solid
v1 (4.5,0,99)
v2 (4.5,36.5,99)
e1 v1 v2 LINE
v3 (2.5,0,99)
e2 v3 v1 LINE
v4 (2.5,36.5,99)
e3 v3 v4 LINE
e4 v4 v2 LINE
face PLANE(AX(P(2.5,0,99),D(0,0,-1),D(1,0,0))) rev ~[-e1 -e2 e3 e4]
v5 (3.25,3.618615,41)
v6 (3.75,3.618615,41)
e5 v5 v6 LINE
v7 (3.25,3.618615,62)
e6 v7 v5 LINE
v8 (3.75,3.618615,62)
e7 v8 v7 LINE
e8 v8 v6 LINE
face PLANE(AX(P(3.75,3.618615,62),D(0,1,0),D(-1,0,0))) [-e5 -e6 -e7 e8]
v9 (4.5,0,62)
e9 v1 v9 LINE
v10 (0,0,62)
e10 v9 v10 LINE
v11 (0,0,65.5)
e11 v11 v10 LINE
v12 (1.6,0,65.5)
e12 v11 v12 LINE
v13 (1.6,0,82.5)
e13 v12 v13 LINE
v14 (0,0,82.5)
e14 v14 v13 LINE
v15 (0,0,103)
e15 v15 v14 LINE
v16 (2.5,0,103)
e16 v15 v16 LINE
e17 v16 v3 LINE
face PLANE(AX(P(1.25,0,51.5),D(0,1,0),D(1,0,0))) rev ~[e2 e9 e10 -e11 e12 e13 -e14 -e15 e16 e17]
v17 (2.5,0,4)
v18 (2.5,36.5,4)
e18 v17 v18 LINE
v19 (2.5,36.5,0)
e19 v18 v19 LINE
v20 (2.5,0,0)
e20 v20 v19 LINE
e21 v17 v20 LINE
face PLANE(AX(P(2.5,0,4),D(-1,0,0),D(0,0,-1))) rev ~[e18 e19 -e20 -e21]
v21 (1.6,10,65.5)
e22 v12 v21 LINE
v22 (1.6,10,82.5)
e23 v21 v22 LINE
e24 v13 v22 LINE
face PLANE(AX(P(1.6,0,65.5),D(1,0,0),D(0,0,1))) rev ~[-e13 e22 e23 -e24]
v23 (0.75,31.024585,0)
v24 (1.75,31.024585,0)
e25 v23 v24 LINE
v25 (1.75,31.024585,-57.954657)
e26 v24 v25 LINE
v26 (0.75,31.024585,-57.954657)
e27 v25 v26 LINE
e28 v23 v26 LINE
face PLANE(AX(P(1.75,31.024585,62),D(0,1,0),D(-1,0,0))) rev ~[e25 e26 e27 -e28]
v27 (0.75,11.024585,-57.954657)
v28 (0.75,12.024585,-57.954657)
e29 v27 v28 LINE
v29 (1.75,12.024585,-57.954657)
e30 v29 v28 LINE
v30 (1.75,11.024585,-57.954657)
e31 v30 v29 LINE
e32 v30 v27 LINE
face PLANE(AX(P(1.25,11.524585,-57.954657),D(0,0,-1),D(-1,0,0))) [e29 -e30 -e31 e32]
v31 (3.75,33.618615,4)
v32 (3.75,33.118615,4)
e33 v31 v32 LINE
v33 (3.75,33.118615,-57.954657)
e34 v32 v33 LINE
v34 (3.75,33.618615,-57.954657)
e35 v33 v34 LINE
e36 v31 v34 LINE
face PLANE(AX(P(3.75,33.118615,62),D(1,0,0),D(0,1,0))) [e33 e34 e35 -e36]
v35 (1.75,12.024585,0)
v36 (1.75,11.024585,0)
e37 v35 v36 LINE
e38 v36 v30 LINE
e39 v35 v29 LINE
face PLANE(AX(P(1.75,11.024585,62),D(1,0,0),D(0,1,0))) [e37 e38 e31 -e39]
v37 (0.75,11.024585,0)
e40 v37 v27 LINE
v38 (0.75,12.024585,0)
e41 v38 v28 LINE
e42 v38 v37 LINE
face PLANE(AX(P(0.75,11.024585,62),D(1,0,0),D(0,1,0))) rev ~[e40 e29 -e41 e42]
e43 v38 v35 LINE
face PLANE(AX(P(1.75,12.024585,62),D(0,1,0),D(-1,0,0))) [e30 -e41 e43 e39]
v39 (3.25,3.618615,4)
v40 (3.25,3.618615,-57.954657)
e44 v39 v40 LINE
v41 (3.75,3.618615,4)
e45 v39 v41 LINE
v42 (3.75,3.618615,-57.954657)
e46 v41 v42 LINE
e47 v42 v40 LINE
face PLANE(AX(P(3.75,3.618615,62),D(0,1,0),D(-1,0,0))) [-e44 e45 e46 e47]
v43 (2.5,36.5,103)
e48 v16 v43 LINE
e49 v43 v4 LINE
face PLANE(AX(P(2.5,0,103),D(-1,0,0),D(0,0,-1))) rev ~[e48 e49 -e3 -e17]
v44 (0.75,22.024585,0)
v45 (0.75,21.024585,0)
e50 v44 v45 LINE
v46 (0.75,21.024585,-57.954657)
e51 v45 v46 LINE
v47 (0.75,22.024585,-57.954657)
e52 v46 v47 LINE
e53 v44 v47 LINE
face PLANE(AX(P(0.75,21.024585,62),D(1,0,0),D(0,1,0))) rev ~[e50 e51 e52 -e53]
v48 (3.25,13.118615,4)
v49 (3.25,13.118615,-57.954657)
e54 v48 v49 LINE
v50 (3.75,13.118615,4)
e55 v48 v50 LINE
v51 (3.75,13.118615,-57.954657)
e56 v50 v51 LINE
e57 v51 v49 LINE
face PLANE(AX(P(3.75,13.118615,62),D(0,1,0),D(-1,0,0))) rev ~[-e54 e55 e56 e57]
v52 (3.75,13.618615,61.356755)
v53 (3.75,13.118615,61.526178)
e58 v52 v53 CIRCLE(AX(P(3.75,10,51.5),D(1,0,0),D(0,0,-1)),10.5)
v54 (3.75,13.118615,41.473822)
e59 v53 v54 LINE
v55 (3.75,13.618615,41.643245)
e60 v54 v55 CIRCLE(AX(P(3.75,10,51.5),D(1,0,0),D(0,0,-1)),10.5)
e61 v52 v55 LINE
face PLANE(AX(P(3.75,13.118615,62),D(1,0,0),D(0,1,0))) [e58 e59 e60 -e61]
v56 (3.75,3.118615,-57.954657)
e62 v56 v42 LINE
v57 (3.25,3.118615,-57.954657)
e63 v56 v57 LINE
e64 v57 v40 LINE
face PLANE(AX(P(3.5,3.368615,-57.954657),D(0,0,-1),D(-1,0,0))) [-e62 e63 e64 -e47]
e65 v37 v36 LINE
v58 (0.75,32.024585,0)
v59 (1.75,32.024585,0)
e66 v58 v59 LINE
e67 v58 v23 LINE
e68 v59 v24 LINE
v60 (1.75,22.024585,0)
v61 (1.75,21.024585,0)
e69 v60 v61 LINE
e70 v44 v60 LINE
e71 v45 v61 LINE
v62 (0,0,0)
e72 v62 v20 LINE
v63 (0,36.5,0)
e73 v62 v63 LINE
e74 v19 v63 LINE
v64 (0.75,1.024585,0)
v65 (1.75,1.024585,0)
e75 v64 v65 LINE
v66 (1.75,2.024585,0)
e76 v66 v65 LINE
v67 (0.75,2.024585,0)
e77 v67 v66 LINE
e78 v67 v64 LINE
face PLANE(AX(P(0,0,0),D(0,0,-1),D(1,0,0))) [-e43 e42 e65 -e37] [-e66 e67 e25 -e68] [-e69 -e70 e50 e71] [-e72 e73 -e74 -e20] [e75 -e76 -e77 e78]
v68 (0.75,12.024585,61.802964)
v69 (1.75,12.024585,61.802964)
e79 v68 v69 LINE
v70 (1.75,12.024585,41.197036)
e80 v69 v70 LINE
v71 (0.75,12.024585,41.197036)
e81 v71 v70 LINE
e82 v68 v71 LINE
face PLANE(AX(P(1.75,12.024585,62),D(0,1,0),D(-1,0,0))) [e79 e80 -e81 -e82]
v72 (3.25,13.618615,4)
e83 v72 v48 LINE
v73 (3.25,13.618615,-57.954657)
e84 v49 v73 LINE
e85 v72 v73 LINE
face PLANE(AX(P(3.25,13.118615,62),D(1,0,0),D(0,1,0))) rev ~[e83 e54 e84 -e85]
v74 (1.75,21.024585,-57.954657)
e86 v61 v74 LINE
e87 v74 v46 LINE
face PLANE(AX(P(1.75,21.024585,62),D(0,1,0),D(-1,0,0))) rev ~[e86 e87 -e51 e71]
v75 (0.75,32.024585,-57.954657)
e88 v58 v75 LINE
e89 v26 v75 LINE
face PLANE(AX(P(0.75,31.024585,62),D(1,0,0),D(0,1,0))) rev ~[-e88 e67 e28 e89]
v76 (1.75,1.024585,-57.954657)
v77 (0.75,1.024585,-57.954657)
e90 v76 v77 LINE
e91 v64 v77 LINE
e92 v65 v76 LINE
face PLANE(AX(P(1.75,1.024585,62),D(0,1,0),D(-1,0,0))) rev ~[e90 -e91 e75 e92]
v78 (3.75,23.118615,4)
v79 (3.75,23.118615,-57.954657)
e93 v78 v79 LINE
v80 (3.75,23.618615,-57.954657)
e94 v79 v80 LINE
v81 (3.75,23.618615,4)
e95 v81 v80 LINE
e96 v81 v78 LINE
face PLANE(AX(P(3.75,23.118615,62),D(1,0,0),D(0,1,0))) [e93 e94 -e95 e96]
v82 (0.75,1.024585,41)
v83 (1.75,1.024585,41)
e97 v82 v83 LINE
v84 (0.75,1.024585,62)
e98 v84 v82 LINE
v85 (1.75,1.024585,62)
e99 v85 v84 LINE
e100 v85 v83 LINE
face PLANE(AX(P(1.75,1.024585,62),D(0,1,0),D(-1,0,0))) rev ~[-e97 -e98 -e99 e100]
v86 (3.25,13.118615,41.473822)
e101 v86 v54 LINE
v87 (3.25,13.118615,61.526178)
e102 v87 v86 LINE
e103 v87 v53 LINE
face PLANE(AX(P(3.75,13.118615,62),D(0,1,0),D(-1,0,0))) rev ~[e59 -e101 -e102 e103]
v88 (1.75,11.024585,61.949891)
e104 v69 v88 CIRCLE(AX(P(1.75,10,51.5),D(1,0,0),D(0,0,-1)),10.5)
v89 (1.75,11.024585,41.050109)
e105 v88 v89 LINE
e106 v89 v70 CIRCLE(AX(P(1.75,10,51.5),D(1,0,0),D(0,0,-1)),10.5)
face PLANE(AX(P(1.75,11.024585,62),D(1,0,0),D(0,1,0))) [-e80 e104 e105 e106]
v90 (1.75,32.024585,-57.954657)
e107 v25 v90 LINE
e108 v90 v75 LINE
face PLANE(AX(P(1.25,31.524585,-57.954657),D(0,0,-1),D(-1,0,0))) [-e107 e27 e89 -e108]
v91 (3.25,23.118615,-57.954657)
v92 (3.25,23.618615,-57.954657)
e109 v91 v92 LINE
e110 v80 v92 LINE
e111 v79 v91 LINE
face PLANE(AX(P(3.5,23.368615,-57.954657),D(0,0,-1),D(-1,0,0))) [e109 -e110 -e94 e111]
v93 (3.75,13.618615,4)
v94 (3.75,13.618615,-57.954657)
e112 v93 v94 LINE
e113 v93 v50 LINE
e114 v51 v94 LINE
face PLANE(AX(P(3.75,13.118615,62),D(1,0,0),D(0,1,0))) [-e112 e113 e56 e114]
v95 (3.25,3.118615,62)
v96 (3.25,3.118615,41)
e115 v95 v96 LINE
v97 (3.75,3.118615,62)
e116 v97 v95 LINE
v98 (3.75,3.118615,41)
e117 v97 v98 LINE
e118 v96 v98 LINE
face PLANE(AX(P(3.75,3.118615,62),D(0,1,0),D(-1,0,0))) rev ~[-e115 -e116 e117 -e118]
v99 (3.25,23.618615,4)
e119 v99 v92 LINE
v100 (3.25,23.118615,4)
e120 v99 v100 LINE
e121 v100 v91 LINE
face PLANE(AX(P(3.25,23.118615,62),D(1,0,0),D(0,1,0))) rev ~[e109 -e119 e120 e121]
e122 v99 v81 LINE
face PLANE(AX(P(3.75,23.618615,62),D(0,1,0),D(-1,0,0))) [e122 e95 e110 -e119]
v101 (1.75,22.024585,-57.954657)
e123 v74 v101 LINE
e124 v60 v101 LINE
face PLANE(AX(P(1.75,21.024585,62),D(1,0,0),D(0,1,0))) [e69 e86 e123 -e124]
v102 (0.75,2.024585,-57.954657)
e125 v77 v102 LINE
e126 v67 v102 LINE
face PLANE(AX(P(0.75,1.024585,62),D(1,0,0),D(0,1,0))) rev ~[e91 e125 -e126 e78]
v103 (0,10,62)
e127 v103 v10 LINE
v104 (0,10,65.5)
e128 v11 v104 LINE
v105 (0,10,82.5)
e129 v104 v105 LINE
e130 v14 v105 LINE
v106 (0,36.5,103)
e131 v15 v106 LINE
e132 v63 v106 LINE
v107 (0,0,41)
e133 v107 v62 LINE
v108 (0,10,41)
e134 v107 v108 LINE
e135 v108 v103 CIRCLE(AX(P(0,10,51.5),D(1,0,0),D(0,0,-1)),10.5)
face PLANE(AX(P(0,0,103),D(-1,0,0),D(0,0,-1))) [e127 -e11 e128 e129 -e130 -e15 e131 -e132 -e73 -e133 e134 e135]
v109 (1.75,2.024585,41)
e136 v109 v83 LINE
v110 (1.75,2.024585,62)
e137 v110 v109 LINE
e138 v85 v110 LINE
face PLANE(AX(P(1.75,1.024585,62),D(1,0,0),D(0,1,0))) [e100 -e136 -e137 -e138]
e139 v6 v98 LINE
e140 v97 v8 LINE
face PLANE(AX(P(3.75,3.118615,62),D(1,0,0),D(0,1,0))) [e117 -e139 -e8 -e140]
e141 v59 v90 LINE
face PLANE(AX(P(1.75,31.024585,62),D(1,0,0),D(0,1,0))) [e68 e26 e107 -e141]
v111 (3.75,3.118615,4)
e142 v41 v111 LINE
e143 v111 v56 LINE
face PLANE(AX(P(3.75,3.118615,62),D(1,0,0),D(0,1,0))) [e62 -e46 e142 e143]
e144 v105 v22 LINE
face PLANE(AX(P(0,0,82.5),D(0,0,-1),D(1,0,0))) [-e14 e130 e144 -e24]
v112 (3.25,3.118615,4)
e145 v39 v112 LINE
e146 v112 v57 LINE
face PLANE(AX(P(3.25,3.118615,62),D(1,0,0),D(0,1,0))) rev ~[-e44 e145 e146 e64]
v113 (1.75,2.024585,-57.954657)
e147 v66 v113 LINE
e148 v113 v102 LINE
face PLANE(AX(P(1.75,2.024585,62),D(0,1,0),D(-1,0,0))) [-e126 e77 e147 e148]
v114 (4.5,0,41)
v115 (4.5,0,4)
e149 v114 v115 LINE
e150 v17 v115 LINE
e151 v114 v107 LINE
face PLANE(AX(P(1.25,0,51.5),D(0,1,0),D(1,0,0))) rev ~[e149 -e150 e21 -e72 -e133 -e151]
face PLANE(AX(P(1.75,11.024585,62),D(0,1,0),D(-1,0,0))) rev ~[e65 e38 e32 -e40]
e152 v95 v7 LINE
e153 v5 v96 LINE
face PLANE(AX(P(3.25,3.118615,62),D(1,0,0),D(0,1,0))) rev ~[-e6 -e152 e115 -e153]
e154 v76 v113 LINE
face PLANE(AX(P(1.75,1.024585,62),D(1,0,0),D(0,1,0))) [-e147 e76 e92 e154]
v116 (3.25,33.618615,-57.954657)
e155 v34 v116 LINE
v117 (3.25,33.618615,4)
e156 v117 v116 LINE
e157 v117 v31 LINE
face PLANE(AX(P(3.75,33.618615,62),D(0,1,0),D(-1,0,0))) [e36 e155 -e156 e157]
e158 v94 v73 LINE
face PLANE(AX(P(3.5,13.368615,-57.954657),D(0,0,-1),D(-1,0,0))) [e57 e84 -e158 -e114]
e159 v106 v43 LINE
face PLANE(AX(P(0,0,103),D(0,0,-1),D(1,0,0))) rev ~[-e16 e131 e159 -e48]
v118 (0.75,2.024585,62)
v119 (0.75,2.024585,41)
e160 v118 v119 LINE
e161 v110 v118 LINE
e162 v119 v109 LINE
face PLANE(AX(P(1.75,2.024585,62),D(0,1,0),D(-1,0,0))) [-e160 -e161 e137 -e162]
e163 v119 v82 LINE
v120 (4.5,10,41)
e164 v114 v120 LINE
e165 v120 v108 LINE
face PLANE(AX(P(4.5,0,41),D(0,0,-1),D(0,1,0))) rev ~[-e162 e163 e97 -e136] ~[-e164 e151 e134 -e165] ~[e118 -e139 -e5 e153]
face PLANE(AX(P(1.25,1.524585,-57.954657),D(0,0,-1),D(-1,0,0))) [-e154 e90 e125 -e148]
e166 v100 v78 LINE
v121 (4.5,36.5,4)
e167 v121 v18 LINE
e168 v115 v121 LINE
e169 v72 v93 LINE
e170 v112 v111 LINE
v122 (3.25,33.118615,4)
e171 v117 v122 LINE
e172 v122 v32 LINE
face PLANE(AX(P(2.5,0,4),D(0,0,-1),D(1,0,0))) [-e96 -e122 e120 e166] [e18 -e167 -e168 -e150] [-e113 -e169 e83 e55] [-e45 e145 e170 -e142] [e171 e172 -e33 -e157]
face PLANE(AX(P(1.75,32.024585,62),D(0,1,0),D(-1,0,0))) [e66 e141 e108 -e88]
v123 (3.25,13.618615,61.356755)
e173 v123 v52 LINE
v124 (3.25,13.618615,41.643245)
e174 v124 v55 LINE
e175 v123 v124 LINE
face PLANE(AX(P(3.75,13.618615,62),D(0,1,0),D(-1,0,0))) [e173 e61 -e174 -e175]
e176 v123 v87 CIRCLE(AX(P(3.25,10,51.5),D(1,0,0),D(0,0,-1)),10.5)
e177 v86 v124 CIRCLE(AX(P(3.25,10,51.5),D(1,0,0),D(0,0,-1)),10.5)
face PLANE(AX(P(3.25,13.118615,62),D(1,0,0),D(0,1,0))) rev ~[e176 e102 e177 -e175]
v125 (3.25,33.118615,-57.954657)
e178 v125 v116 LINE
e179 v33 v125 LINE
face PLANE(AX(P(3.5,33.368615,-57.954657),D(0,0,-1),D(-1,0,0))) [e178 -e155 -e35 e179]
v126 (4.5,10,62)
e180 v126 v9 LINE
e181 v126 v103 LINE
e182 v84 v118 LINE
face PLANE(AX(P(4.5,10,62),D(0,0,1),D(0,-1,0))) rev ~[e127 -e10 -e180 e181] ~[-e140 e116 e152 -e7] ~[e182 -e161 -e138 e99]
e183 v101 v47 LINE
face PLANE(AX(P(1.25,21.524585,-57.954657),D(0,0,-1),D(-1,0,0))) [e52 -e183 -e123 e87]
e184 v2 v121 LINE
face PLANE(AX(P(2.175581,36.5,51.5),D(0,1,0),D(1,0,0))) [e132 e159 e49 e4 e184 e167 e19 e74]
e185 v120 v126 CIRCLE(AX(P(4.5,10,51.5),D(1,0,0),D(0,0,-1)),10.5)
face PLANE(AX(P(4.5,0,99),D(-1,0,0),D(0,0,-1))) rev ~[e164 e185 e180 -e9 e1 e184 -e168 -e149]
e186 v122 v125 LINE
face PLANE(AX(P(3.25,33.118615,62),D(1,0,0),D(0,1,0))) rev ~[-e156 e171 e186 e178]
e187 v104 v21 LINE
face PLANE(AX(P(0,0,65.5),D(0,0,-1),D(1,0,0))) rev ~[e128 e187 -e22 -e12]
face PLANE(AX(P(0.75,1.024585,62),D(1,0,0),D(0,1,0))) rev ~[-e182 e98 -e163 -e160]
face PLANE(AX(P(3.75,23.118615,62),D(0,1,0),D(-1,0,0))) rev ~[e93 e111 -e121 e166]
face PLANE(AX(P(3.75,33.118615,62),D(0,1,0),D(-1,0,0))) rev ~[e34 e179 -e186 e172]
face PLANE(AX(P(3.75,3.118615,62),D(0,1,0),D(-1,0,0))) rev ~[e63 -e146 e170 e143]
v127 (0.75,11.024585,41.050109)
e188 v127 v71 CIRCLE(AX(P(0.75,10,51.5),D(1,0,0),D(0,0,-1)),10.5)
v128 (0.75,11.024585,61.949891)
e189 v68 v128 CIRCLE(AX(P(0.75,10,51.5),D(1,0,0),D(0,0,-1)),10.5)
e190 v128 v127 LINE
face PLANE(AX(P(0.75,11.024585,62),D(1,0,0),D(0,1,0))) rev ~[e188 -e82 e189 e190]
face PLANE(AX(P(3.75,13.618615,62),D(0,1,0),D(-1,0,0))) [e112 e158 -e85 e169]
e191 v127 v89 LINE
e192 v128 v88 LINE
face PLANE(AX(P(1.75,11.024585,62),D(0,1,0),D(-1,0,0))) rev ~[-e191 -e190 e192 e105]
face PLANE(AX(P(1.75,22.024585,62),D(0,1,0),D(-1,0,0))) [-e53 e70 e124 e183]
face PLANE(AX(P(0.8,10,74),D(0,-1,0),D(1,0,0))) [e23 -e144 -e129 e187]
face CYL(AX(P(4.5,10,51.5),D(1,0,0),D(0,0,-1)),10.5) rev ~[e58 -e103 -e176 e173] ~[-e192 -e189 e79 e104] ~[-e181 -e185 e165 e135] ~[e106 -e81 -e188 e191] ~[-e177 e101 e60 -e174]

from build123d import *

# Parameters (mm, degrees)
SKETCH_1_W          = 2.5
SKETCH_1_H          = 103
SKETCH_1_W_2        = 2
SKETCH_1_H_2        = 95
EXTRUDE_1_DEPTH     = 99.5
CUT_EXTRUDE_2_DEPTH = 4.5
CUT_EXTRUDE_3_DEPTH = 58.5
CUT_EXTRUDE_4_DEPTH = 4.5
SKETCH_6_W          = 1.6
SKETCH_6_H          = 17
CUT_EXTRUDE_5_DEPTH = 10
EXTRUDE_START       = -62
SKETCH_7_W          = 1
SKETCH_7_H          = 1
EXTRUDE_2_DEPTH     = 119.954657
EXTRUDE_START_2     = -58
SKETCH_8_W          = 0.5
SKETCH_8_H          = 0.5
EXTRUDE_3_DEPTH     = 119.954657


with BuildPart() as part:
    # 스케치1 → 보스-돌출1 (new body)
    with BuildSketch(Plane(origin=(0, 0, 0), x_dir=(1, 0, 0), z_dir=(0, 1, 0))):
        with Locations((1.25, -51.5)):
            Rectangle(SKETCH_1_W, SKETCH_1_H)
        with Locations((3.5, -51.5)):
            Rectangle(SKETCH_1_W_2, SKETCH_1_H_2)
    extrude(amount=EXTRUDE_1_DEPTH)

    # 스케치2 → 컷-돌출2 (cut)
    with BuildSketch(Plane(origin=(4.5, 0, 0), x_dir=(0, 0, -1), z_dir=(1, 0, 0))):
        with BuildLine():
            Line((-62, 10), (-62, 0))
            Line((-62, 0), (-41, 0))
            Line((-41, 0), (-41, 10))
            ThreePointArc((-41, 10), (-51.5, 20.5), (-62, 10))
        make_face()
    extrude(amount=-CUT_EXTRUDE_2_DEPTH, mode=Mode.SUBTRACT)

    # 스케치3 → 컷-돌출3 (cut)
    with BuildSketch(Plane(origin=(0, 99.5, 0), x_dir=(1, 0, 0), z_dir=(0, 1, 0))):
        Polygon((2.5, -4), (2.5, 0), (0, 0), (0, -103), (2.5, -103), (2.5, -99), (4.5, -99), (4.5, -4), align=None)
    extrude(amount=-CUT_EXTRUDE_3_DEPTH, mode=Mode.SUBTRACT)

    # 스케치4 → 컷-돌출4 (cut)
    with BuildSketch(Plane(origin=(0, 41, 0), x_dir=(1, 0, 0), z_dir=(0, 1, 0))):
        Polygon((4.5, -4), (2.5, -4), (2.5, 0), (0, 0), (0, -103), (2.5, -103), (2.5, -99), (4.5, -99), align=None)
    extrude(amount=-CUT_EXTRUDE_4_DEPTH, mode=Mode.SUBTRACT)

    # 스케치6 → 컷-돌출5 (cut)
    with BuildSketch(Plane.XZ):
        with Locations((0.8, 74)):
            Rectangle(SKETCH_6_W, SKETCH_6_H)
    extrude(amount=-CUT_EXTRUDE_5_DEPTH, mode=Mode.SUBTRACT)

    # 스케치7 → 보스-돌출2 (add)
    with BuildSketch(Plane(origin=(0, 0, 0), x_dir=(-1, 0, 0), z_dir=(0, 0, -1)).offset(EXTRUDE_START)):
        with Locations((-1.25, 1.524584525)):
            Rectangle(SKETCH_7_W, SKETCH_7_H)
        with Locations((-1.25, 11.524584525)):
            Rectangle(SKETCH_7_W, SKETCH_7_H)
        with Locations((-1.25, 21.524584525)):
            Rectangle(SKETCH_7_W, SKETCH_7_H)
        with Locations((-1.25, 31.524584525)):
            Rectangle(SKETCH_7_W, SKETCH_7_H)
    extrude(amount=EXTRUDE_2_DEPTH)

    # 스케치8 → 보스-돌출3 (add)
    with BuildSketch(Plane(origin=(0, 0, 4), x_dir=(-1, 0, 0), z_dir=(0, 0, -1)).offset(EXTRUDE_START_2)):
        with Locations((-3.5, 3.368615417)):
            Rectangle(SKETCH_8_W, SKETCH_8_H)
        with Locations((-3.5, 13.368615417)):
            Rectangle(SKETCH_8_W, SKETCH_8_H)
        with Locations((-3.5, 23.368615417)):
            Rectangle(SKETCH_8_W, SKETCH_8_H)
        with Locations((-3.5, 33.368615417)):
            Rectangle(SKETCH_8_W, SKETCH_8_H)
    extrude(amount=EXTRUDE_3_DEPTH)


solid = part.part
